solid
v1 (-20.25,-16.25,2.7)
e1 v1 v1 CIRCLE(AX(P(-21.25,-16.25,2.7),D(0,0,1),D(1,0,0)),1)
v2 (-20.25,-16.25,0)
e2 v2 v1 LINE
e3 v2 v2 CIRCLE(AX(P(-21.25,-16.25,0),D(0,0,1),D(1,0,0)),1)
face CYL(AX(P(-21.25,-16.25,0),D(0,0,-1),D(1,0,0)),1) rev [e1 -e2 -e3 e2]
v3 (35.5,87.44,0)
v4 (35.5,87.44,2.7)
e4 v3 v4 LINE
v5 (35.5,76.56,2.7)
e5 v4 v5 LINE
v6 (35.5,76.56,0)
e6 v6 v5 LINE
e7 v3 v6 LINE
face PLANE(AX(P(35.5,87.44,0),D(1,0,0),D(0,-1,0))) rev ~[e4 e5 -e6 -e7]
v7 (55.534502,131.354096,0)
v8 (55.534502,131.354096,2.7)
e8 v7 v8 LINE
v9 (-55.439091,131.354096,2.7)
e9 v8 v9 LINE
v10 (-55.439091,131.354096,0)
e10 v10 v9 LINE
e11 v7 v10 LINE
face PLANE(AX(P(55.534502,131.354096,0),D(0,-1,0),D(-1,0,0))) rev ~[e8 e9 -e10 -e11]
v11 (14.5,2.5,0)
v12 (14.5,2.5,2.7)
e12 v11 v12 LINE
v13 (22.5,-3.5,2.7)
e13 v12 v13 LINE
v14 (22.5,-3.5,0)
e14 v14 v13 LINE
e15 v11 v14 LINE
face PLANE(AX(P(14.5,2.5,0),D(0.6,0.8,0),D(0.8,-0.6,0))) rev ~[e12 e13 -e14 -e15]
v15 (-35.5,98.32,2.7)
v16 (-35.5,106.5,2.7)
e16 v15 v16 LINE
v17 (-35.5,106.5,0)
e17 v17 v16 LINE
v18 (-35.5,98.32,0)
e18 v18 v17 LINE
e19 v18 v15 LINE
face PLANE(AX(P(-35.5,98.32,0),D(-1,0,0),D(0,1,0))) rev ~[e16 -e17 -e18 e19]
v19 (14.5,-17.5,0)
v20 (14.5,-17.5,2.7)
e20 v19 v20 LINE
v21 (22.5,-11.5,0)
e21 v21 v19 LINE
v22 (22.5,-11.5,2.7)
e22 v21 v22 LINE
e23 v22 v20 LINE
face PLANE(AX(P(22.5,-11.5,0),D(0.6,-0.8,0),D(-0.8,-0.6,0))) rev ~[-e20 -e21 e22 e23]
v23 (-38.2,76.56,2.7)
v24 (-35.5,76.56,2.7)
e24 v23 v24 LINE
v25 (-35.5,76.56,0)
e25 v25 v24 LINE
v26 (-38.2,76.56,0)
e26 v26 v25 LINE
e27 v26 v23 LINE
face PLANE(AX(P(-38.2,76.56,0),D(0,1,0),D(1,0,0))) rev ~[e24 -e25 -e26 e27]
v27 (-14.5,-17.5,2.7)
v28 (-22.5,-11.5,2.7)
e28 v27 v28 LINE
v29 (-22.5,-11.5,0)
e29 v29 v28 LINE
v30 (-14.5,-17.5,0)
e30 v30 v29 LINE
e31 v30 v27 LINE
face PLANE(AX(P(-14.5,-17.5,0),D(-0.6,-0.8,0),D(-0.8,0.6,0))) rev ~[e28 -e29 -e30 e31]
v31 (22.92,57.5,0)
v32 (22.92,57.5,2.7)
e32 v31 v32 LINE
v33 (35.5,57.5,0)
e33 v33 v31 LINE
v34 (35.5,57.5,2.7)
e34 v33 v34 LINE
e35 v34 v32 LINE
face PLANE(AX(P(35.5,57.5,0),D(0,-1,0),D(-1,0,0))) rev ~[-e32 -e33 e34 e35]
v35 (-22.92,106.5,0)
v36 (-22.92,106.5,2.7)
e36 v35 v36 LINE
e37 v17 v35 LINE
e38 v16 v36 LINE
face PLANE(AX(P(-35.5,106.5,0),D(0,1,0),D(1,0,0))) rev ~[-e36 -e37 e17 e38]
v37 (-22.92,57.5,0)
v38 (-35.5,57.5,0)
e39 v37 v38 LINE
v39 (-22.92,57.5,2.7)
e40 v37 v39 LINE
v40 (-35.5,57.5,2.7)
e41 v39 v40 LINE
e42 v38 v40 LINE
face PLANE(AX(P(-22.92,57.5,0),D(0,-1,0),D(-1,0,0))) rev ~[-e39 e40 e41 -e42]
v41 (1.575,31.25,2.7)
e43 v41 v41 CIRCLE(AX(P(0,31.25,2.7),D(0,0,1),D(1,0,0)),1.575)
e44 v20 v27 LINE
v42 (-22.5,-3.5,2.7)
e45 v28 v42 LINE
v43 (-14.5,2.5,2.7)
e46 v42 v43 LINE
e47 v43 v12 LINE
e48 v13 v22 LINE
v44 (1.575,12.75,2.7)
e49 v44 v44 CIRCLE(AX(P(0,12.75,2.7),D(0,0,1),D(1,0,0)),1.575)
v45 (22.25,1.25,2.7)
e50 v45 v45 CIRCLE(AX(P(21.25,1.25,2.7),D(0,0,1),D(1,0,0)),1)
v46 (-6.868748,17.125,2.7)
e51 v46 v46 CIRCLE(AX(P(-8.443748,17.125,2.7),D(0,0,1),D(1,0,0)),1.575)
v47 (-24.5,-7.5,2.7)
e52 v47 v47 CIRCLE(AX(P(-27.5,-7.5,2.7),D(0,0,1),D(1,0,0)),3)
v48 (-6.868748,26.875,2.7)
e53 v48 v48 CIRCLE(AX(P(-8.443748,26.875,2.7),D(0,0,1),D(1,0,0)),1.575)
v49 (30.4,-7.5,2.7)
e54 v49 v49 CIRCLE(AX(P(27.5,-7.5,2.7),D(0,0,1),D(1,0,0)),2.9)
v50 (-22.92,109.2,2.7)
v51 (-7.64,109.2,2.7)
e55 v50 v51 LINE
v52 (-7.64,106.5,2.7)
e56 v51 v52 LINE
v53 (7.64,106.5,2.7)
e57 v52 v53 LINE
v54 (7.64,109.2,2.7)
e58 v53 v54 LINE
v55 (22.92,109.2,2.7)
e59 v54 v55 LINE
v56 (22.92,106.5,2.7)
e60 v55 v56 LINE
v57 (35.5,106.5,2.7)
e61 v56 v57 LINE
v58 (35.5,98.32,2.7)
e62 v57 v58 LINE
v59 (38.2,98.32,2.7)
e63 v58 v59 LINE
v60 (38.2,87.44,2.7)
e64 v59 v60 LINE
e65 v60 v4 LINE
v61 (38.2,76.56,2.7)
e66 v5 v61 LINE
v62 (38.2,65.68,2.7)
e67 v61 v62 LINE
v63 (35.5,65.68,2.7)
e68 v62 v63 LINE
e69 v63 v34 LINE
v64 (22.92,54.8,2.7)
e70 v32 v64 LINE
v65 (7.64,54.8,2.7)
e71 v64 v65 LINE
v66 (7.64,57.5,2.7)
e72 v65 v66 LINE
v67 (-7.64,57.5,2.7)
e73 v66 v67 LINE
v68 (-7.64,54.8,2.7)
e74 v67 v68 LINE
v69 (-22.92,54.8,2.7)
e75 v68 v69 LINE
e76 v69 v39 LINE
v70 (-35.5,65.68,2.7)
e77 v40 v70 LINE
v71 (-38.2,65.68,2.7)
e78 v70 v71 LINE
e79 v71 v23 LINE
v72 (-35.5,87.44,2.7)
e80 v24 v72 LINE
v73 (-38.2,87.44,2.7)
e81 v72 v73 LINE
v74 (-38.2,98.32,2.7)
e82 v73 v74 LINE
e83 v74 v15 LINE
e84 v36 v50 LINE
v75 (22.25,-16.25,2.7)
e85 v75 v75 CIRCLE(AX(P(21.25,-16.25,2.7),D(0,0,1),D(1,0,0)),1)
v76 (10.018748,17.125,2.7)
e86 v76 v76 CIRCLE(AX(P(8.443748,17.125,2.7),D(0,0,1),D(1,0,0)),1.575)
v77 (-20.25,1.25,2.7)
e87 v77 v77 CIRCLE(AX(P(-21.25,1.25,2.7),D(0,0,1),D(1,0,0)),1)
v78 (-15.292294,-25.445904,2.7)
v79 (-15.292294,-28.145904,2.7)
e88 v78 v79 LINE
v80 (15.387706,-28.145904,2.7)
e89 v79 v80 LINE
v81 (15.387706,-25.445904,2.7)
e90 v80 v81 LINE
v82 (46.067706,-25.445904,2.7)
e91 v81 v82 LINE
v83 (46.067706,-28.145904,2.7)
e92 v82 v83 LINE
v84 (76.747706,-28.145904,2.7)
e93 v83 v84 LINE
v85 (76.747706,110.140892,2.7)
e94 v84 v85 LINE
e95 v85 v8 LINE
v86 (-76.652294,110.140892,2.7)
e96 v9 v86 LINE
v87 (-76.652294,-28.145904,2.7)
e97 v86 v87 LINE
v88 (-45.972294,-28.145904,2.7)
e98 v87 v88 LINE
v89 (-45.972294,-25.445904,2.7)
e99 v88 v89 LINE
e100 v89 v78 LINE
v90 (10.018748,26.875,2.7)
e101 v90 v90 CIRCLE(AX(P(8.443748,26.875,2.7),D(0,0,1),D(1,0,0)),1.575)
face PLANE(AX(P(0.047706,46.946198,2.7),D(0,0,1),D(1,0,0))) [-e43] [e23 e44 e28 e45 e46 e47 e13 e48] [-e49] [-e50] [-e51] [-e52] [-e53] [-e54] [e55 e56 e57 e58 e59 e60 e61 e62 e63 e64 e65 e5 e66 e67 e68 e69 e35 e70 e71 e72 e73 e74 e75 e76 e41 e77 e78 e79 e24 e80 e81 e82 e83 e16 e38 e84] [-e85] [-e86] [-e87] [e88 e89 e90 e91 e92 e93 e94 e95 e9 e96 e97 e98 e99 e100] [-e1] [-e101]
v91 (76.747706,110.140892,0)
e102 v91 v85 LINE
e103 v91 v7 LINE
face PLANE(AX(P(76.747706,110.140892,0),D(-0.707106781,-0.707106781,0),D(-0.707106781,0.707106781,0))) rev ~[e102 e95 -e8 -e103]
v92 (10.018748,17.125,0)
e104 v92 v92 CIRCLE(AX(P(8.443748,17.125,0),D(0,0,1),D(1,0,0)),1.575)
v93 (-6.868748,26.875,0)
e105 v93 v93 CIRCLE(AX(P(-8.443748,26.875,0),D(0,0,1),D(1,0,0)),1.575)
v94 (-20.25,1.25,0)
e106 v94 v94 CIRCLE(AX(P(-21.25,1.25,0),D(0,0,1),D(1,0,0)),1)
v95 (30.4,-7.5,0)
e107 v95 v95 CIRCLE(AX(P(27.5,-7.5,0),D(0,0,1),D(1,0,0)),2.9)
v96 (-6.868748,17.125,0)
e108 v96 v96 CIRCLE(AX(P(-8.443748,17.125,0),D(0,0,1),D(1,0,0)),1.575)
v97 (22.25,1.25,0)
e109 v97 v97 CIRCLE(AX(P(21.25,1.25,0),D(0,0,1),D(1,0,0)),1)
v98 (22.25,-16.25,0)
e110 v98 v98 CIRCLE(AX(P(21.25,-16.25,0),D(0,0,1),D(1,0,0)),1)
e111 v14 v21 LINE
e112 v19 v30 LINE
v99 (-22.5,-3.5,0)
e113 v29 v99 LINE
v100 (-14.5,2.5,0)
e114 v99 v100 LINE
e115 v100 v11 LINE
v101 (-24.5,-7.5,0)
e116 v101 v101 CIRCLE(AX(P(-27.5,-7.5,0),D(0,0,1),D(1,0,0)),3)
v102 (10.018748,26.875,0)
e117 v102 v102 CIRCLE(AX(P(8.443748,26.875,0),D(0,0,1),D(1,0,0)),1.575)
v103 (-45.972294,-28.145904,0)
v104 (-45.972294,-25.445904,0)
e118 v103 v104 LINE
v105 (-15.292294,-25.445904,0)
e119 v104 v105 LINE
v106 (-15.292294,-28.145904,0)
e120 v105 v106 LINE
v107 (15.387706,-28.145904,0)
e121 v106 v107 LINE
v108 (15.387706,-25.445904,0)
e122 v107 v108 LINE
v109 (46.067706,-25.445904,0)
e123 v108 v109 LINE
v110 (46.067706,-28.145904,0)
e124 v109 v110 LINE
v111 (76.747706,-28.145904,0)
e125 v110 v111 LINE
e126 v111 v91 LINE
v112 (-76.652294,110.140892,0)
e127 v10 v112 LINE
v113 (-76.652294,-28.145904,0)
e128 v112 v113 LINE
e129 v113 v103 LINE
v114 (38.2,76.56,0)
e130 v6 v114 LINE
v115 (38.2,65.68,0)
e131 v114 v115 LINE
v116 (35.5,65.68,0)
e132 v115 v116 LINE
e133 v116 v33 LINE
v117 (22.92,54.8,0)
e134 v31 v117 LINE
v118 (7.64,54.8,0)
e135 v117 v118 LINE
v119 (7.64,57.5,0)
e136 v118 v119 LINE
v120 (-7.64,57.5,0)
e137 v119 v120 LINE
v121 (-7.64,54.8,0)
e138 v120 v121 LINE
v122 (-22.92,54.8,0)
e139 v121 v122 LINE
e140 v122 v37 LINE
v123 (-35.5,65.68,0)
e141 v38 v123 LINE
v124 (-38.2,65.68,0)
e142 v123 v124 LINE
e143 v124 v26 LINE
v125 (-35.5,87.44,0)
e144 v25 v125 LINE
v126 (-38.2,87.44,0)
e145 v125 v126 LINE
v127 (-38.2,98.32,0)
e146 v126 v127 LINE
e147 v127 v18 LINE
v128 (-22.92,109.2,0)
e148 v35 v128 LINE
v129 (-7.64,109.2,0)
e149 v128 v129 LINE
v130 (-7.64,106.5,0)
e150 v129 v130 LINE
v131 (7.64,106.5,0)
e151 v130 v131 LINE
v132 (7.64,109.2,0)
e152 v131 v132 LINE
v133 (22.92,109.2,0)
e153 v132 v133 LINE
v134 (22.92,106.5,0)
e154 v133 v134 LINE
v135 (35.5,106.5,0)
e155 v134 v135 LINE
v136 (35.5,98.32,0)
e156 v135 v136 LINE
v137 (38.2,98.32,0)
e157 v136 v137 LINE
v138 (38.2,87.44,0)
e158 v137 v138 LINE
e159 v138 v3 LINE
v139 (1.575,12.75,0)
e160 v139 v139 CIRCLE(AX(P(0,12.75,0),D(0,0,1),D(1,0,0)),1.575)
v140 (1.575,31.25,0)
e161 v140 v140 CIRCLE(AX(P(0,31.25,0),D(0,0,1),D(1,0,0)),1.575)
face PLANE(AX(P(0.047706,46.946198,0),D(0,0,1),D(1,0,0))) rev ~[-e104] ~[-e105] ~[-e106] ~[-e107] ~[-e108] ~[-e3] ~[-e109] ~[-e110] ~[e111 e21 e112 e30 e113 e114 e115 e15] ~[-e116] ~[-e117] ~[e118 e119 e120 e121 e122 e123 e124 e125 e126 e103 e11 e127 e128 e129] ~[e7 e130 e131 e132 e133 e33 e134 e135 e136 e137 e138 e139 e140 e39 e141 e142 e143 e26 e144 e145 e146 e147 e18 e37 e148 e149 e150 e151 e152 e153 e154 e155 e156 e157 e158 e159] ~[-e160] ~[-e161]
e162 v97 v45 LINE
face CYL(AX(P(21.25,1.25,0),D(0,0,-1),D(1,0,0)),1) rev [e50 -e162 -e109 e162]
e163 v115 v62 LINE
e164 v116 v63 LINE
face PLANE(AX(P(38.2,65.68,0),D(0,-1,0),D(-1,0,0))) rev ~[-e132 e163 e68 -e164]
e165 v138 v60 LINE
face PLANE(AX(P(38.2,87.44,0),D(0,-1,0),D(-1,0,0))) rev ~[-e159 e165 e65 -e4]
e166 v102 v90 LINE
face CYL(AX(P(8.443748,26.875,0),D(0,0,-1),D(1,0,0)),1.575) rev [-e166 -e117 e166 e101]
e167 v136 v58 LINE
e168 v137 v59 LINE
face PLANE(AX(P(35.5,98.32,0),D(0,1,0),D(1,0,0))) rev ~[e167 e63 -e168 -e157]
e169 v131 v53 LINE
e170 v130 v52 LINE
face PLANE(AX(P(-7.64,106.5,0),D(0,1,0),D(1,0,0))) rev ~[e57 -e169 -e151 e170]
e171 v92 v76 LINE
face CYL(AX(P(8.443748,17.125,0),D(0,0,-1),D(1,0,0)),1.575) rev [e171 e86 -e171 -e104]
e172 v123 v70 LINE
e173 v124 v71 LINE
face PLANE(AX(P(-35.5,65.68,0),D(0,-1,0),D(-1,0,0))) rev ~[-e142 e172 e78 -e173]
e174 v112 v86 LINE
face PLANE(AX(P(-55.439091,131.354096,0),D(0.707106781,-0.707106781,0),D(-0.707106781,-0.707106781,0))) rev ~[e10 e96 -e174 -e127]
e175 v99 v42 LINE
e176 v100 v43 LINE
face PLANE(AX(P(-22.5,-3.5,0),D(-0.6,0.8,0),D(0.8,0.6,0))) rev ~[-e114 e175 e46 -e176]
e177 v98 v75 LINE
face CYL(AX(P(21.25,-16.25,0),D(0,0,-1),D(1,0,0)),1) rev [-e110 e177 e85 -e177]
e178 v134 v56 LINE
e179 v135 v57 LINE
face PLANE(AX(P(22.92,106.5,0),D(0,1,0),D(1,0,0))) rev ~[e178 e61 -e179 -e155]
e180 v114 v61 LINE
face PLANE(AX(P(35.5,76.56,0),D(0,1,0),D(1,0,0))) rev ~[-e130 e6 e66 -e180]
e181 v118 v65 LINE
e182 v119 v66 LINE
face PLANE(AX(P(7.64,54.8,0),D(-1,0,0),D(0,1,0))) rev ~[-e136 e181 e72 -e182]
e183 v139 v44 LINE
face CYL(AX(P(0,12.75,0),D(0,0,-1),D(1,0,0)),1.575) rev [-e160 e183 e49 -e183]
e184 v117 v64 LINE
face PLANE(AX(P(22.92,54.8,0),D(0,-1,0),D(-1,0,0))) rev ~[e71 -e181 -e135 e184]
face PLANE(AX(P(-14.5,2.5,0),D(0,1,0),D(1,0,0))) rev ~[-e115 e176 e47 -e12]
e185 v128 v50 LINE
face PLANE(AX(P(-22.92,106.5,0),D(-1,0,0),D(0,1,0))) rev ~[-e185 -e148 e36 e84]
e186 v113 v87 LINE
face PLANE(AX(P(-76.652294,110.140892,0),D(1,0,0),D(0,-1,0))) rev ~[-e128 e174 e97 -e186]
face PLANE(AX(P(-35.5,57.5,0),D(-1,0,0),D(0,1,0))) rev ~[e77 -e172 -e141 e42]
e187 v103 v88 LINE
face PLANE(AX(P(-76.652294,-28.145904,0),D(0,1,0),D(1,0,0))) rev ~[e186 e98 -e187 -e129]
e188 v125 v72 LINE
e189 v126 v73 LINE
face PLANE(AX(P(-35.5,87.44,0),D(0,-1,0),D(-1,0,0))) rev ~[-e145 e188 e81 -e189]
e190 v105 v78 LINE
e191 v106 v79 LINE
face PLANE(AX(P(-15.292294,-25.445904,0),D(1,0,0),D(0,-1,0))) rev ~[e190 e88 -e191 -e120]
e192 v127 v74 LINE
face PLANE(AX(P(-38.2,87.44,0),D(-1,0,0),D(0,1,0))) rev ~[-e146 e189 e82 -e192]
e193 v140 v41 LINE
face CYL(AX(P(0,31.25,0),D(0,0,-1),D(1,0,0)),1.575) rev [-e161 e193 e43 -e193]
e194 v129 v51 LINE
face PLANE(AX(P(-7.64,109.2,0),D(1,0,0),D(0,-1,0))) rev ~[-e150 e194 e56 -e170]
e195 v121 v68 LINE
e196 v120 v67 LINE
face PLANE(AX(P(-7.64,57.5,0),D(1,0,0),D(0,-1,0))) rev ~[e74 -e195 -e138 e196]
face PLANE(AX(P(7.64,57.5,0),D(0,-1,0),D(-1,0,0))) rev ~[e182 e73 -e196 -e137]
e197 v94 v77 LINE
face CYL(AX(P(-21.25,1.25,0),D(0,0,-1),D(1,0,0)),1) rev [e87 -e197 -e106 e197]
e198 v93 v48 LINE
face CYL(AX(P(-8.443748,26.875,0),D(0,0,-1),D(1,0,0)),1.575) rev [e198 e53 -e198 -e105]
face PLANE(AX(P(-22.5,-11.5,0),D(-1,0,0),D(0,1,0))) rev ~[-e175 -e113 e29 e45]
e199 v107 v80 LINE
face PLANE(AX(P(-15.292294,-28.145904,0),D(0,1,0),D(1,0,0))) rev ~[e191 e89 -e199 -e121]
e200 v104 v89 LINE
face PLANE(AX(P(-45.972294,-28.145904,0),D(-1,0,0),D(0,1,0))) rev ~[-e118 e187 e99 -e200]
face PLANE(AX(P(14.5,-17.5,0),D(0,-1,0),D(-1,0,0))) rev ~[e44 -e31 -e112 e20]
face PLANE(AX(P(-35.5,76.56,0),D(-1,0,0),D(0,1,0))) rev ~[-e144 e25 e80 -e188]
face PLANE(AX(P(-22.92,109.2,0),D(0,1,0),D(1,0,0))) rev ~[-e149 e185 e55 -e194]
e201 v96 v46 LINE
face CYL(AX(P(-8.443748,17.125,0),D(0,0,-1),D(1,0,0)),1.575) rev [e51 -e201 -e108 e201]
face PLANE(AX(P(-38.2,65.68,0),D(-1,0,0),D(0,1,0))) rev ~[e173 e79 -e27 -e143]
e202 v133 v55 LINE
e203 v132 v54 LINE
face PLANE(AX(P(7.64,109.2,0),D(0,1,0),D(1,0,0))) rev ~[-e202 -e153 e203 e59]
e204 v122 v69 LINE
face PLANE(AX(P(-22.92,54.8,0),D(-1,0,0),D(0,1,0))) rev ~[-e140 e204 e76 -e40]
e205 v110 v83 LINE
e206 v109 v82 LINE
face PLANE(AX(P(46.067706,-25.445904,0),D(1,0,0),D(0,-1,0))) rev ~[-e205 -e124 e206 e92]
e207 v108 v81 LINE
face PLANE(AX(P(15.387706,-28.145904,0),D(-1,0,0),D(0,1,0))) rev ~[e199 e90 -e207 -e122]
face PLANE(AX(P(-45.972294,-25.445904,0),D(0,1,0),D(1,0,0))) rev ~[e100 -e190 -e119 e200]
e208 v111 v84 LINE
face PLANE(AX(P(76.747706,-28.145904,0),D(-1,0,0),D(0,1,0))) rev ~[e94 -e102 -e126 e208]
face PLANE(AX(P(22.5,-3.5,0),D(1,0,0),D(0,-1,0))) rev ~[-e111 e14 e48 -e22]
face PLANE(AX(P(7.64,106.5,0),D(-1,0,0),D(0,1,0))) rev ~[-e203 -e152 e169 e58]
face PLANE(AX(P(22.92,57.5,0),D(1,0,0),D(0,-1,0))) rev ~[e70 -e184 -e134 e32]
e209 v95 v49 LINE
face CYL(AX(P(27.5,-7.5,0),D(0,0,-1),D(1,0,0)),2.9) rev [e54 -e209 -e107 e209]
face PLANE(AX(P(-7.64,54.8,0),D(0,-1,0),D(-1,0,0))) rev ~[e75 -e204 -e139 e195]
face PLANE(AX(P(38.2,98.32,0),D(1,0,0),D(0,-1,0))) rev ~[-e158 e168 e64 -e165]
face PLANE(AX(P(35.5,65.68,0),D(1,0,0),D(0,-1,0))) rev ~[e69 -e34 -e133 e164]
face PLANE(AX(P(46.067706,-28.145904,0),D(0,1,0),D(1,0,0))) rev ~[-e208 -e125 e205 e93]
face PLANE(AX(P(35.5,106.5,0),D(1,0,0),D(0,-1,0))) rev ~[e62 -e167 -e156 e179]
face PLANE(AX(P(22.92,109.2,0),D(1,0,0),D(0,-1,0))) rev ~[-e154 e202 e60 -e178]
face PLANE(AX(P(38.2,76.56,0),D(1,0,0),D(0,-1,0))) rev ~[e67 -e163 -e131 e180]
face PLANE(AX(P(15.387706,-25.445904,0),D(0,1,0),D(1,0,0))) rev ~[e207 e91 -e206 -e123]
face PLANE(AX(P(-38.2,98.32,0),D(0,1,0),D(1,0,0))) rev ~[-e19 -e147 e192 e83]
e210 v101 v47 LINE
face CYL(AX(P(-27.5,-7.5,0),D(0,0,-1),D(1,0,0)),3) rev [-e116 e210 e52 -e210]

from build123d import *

# Parameters (mm, degrees)
SKETCH1_R           = 1
SKETCH1_R_2         = 3
SKETCH1_R_3         = 2.9
SKETCH1_R_4         = 1.575
BOSS_EXTRUDE3_DEPTH = 2.7


with BuildPart() as part:
    # Sketch1 → Boss-Extrude3 (new body)
    with BuildSketch(Plane.XY):
        Polygon((-45.972294428, -28.145904304), (-45.972294428, -25.445904304), (-15.292294428, -25.445904304), (-15.292294428, -28.145904304), (15.387705572, -28.145904304), (15.387705572, -25.445904304), (46.067705572, -25.445904304), (46.067705572, -28.145904304), (76.747705572, -28.145904304), (76.747705572, -25.445904304), (76.747705572, -23.145904304), (76.747705572, 12.854095696), (76.747705572, 110.140892261), (55.534502136, 131.354095696), (-55.439090993, 131.354095696), (-76.652294428, 110.140892261), (-76.652294428, 12.854095696), (-76.652294428, -23.145904304), (-76.652294428, -25.445904304), (-76.652294428, -28.145904304), align=None)
        with Locations((-21.25, -16.25)):
            Circle(SKETCH1_R, mode=Mode.SUBTRACT)
        with Locations((-27.5, -7.5)):
            Circle(SKETCH1_R_2, mode=Mode.SUBTRACT)
        with Locations((-21.25, 1.25)):
            Circle(SKETCH1_R, mode=Mode.SUBTRACT)
        with Locations((21.25, -16.25)):
            Circle(SKETCH1_R, mode=Mode.SUBTRACT)
        with Locations((27.5, -7.5)):
            Circle(SKETCH1_R_3, mode=Mode.SUBTRACT)
        with Locations((21.25, 1.25)):
            Circle(SKETCH1_R, mode=Mode.SUBTRACT)
        with Locations((0, 31.25)):
            Circle(SKETCH1_R_4, mode=Mode.SUBTRACT)
        with Locations((0, 12.75)):
            Circle(SKETCH1_R_4, mode=Mode.SUBTRACT)
        with Locations((-8.443747687, 17.125)):
            Circle(SKETCH1_R_4, mode=Mode.SUBTRACT)
        with Locations((-8.443747687, 26.875)):
            Circle(SKETCH1_R_4, mode=Mode.SUBTRACT)
        with Locations((8.443747687, 26.875)):
            Circle(SKETCH1_R_4, mode=Mode.SUBTRACT)
        with Locations((8.443747687, 17.125)):
            Circle(SKETCH1_R_4, mode=Mode.SUBTRACT)
        Polygon((-22.5, -3.5), (-14.5, 2.5), (14.5, 2.5), (22.5, -3.5), (22.5, -11.5), (14.5, -17.5), (0, -17.5), (-14.5, -17.5), (-22.5, -11.5), align=None, mode=Mode.SUBTRACT)
        Polygon((35.5, 57.5), (22.92, 57.5), (22.92, 54.8), (7.64, 54.8), (7.64, 57.5), (-7.64, 57.5), (-7.64, 54.8), (-22.92, 54.8), (-22.92, 57.5), (-35.5, 57.5), (-35.5, 65.68), (-38.2, 65.68), (-38.2, 76.56), (-35.5, 76.56), (-35.5, 87.44), (-38.2, 87.44), (-38.2, 98.32), (-35.5, 98.32), (-35.5, 106.5), (-22.92, 106.5), (-22.92, 109.2), (-7.64, 109.2), (-7.64, 106.5), (7.64, 106.5), (7.64, 109.2), (22.92, 109.2), (22.92, 106.5), (35.5, 106.5), (35.5, 98.32), (38.2, 98.32), (38.2, 87.44), (35.5, 87.44), (35.5, 76.56), (38.2, 76.56), (38.2, 65.68), (35.5, 65.68), align=None, mode=Mode.SUBTRACT)
    extrude(amount=BOSS_EXTRUDE3_DEPTH)


solid = part.part
